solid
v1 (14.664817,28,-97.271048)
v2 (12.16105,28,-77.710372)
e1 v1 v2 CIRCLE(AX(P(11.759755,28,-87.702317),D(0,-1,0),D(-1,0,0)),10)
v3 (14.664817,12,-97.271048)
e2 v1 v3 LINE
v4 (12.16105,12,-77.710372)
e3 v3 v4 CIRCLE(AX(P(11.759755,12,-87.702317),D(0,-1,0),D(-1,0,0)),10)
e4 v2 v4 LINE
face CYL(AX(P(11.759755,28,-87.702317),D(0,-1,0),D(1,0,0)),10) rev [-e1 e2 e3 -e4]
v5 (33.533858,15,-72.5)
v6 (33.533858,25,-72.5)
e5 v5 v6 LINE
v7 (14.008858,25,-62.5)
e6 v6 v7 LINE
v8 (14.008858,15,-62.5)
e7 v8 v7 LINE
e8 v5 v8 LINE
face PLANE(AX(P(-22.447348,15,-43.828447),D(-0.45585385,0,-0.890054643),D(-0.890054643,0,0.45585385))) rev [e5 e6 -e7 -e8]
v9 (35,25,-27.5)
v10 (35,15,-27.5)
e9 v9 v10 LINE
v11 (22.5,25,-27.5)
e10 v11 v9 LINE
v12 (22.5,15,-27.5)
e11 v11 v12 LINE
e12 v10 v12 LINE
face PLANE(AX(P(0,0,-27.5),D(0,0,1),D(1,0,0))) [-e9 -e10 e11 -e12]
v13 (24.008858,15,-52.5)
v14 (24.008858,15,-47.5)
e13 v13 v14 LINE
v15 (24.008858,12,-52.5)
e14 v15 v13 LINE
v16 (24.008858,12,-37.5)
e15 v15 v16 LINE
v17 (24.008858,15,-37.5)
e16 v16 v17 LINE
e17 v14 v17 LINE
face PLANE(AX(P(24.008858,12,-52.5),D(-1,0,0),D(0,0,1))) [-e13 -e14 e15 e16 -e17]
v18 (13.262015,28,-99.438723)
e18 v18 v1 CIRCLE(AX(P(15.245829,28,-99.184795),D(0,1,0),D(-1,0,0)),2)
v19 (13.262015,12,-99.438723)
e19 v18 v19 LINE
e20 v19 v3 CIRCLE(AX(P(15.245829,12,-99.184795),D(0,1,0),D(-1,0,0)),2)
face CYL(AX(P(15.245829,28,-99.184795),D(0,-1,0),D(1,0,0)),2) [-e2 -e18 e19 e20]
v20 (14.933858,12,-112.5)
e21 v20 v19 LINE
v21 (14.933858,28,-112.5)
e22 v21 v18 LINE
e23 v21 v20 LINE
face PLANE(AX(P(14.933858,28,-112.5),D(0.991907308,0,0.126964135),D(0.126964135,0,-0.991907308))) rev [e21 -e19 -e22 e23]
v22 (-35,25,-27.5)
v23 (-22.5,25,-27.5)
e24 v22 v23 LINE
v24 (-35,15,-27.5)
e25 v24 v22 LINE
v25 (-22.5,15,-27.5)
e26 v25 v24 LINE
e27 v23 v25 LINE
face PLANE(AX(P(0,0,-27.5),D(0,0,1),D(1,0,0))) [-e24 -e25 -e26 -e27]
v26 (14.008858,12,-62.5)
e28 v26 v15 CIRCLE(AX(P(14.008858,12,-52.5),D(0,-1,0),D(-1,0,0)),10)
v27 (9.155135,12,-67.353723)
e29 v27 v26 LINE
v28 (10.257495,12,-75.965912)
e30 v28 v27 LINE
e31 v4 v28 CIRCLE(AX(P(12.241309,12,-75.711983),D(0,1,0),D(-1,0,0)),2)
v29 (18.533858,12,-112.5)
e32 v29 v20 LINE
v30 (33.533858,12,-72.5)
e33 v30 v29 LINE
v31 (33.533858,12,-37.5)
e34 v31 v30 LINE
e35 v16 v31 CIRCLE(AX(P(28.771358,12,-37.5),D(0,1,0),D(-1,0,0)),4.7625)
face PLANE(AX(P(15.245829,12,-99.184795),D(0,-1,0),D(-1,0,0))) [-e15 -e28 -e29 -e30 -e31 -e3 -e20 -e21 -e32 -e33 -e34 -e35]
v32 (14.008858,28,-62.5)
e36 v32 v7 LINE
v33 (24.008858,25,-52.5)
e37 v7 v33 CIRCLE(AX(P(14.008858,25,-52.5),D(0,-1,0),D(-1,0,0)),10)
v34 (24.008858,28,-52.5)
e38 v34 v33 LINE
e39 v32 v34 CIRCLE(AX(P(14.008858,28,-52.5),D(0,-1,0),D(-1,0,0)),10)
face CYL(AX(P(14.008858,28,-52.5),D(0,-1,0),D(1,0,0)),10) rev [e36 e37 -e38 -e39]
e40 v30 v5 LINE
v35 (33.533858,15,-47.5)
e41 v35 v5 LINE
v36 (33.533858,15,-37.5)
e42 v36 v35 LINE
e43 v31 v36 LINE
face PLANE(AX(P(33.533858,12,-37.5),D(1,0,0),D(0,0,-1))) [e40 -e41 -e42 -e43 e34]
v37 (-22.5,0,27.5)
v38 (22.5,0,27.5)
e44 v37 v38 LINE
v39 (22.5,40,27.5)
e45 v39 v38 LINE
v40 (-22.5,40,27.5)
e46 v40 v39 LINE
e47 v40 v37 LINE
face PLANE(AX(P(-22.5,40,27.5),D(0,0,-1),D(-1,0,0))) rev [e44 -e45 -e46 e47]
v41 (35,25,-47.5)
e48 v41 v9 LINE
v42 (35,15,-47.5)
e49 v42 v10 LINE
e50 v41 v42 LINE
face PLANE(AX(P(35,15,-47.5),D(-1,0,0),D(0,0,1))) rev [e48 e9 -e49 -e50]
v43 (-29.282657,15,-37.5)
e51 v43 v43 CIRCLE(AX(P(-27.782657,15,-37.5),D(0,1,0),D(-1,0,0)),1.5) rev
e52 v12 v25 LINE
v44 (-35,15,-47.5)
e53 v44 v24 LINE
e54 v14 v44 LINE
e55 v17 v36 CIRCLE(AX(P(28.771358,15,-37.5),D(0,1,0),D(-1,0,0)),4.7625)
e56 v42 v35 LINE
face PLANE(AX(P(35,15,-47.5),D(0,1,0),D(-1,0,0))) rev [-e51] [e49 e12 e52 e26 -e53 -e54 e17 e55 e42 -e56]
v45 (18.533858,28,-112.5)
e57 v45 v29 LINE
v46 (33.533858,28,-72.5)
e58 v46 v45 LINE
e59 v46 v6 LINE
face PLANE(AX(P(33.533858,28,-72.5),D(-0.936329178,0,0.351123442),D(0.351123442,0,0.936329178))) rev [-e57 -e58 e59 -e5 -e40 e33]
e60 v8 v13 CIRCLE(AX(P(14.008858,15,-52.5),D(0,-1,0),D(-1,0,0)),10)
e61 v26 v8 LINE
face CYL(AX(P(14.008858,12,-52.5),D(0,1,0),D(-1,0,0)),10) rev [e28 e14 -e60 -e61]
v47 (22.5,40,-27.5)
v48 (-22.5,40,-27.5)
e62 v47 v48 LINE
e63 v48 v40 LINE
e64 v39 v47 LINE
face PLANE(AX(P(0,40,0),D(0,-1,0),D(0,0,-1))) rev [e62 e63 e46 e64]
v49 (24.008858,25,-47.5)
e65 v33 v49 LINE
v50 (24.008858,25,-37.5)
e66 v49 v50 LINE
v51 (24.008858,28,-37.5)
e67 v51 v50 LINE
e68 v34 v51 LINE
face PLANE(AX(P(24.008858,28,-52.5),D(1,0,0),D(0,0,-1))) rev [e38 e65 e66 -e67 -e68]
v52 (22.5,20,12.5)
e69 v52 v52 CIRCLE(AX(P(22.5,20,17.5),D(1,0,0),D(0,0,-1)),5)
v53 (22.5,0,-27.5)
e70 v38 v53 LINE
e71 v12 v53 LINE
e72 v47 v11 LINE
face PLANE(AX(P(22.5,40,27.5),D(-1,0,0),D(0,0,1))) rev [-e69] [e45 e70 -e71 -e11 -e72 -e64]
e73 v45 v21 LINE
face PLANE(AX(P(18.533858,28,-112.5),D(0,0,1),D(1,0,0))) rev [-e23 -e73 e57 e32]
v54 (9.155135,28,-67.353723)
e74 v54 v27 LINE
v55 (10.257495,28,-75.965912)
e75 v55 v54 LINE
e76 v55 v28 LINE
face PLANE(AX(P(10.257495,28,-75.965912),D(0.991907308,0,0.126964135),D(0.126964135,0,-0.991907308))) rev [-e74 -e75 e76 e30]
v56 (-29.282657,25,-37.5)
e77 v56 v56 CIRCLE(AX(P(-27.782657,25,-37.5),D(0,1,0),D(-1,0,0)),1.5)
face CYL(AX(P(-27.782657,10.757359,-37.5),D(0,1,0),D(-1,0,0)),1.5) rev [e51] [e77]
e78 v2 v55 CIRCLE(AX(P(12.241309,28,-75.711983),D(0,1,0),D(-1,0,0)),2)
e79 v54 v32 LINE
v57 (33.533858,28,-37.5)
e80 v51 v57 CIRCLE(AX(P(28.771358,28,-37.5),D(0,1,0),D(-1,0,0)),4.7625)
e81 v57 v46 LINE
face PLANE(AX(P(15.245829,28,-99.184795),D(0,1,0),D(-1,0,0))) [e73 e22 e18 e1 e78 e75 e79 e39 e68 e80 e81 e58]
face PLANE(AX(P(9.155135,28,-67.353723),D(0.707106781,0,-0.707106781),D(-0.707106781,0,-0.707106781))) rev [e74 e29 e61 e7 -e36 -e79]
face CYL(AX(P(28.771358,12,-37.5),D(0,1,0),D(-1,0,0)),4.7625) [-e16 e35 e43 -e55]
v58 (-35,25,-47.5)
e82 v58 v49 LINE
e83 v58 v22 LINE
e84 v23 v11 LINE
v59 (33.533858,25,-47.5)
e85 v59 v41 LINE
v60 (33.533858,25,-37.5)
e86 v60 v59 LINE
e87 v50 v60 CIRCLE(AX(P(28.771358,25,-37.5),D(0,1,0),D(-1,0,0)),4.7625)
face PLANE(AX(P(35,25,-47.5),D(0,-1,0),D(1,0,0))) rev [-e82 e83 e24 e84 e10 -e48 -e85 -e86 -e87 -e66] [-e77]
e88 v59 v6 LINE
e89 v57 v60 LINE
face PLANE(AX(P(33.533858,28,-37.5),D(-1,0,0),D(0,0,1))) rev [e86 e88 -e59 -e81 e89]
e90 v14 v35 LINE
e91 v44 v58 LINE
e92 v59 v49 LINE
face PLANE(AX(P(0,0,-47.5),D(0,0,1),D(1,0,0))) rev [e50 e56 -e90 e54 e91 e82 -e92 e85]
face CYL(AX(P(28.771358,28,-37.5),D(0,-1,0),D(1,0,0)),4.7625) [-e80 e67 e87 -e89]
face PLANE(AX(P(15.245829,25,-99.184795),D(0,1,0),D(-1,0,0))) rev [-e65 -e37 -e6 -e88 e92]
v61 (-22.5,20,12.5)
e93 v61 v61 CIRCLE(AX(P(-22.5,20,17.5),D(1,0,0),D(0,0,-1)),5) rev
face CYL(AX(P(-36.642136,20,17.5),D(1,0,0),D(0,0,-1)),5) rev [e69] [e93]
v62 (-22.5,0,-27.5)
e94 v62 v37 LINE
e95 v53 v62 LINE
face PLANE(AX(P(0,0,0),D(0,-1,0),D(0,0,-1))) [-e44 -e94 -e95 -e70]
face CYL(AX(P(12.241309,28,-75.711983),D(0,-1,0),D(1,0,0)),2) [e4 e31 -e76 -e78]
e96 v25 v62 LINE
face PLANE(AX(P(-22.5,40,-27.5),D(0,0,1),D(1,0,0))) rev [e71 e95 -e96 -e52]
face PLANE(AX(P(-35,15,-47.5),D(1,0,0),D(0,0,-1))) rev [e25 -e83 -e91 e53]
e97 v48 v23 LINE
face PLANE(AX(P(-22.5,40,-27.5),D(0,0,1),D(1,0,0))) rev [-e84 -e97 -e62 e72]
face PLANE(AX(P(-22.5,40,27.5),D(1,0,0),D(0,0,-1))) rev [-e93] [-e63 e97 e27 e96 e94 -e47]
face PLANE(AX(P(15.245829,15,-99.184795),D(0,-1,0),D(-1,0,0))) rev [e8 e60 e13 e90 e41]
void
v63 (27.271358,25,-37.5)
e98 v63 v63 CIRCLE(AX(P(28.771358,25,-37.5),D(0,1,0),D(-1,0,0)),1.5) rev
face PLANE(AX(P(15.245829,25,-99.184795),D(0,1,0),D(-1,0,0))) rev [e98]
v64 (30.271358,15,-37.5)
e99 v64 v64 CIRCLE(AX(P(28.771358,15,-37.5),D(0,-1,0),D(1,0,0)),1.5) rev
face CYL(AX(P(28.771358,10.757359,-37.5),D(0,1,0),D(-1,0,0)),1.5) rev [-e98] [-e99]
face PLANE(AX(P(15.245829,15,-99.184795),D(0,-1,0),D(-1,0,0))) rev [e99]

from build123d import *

# Parameters (mm, degrees)
SKETCH1_W           = 45
SKETCH1_H           = 55
BOSS_EXTRUDE1_DEPTH = 40
SKETCH2_R           = 5
CUT_EXTRUDE1_DEPTH  = 45
SKETCH3_W           = 70
SKETCH3_H           = 10
BOSS_EXTRUDE2_DEPTH = 20
SKETCH6_R           = 1.5
CUT_EXTRUDE3_DEPTH  = 10
BOSS_EXTRUDE4_DEPTH = 3
BOSS_EXTRUDE5_START = 10
BOSS_EXTRUDE5_DEPTH = 10


with BuildPart() as part:
    # Sketch1 → Boss-Extrude1 (new body)
    with BuildSketch(Plane(origin=(0, 0, 0), x_dir=(1, 0, 0), z_dir=(0, 1, 0))):
        Rectangle(SKETCH1_W, SKETCH1_H)
    extrude(amount=BOSS_EXTRUDE1_DEPTH)

    # Sketch2 → Cut-Extrude1 (cut)
    with BuildSketch(Plane(origin=(22.5, 0, 0), x_dir=(0, 0, -1), z_dir=(1, 0, 0))):
        with Locations((-17.5, 20)):
            Circle(SKETCH2_R)
    extrude(amount=-CUT_EXTRUDE1_DEPTH, mode=Mode.SUBTRACT)

    # Sketch3 → Boss-Extrude2 (add)
    with BuildSketch(Plane(origin=(0, 0, -27.5), x_dir=(-1, 0, 0), z_dir=(0, 0, -1))):
        with Locations((0, 20)):
            Rectangle(SKETCH3_W, SKETCH3_H)
    extrude(amount=BOSS_EXTRUDE2_DEPTH)

    # Sketch6 → Cut-Extrude3 (cut)
    with BuildSketch(Plane(origin=(0, 25, 0), x_dir=(1, 0, 0), z_dir=(0, 1, 0))):
        with Locations(Location((28.771358024, 37.5, 0), (0, 0, 180))):
            Circle(SKETCH6_R)
        with Locations(Location((-27.782656664, 37.5, 0), (0, 0, 180))):
            Circle(SKETCH6_R)
    extrude(amount=-CUT_EXTRUDE3_DEPTH, mode=Mode.SUBTRACT)

    # Sketch7 → Boss-Extrude4 (add)
    with BuildSketch(Plane(origin=(0, 25, 0), x_dir=(1, 0, 0), z_dir=(0, 1, 0))):
        with BuildLine():
            Line((18.533858024, 112.5), (14.933858024, 112.5))
            Line((14.933858024, 112.5), (13.262014547, 99.438722839))
            ThreePointArc((13.262014547, 99.438722839), (13.566755729, 98.09818866), (14.664816743, 97.271048355))
            ThreePointArc((14.664816743, 97.271048355), (21.67882772, 86.432675937), (12.161050226, 77.710372444))
            ThreePointArc((12.161050226, 77.710372444), (10.890055897, 77.186471223), (10.257494727, 75.965911745))
            Line((10.257494727, 75.965911745), (9.15513462, 67.353723404))
            Line((9.15513462, 67.353723404), (14.008858024, 62.5))
            ThreePointArc((14.008858024, 62.5), (21.079925836, 59.571067812), (24.008858024, 52.5))
            Line((24.008858024, 52.5), (24.008858024, 37.5))
            ThreePointArc((24.008858024, 37.5), (25.403761978, 34.132403955), (28.771358024, 32.7375))
            ThreePointArc((28.771358024, 32.7375), (32.138954069, 34.132403955), (33.533858024, 37.5))
            Line((33.533858024, 37.5), (33.533858024, 72.5))
            Line((33.533858024, 72.5), (18.533858024, 112.5))
        make_face()
    boss_extrude4 = extrude(amount=BOSS_EXTRUDE4_DEPTH)

    # Sketch8 → Boss-Extrude5 (add)
    with BuildSketch(Plane.XZ.offset(-25).offset(BOSS_EXTRUDE5_START)):
        with BuildLine():
            Line((33.533858024, -72.5), (14.008858024, -62.5))
            Line((14.008858024, -62.5), (9.15513462, -67.353723404))
            Line((9.15513462, -67.353723404), (10.257494727, -75.965911745))
            ThreePointArc((10.257494727, -75.965911745), (10.890055897, -77.186471223), (12.161050226, -77.710372444))
            ThreePointArc((12.161050226, -77.710372444), (21.67882772, -86.432675937), (14.664816743, -97.271048355))
            ThreePointArc((14.664816743, -97.271048355), (13.566755729, -98.09818866), (13.262014547, -99.438722839))
            Line((13.262014547, -99.438722839), (14.933858024, -112.5))
            Line((14.933858024, -112.5), (18.533858024, -112.5))
            Line((18.533858024, -112.5), (33.533858024, -72.5))
        make_face()
    extrude(amount=-BOSS_EXTRUDE5_DEPTH)

    # Mirror1: Boss-Extrude4 across plane
    add(boss_extrude4.mirror(Plane.ZX.offset(20)))


solid = part.part
